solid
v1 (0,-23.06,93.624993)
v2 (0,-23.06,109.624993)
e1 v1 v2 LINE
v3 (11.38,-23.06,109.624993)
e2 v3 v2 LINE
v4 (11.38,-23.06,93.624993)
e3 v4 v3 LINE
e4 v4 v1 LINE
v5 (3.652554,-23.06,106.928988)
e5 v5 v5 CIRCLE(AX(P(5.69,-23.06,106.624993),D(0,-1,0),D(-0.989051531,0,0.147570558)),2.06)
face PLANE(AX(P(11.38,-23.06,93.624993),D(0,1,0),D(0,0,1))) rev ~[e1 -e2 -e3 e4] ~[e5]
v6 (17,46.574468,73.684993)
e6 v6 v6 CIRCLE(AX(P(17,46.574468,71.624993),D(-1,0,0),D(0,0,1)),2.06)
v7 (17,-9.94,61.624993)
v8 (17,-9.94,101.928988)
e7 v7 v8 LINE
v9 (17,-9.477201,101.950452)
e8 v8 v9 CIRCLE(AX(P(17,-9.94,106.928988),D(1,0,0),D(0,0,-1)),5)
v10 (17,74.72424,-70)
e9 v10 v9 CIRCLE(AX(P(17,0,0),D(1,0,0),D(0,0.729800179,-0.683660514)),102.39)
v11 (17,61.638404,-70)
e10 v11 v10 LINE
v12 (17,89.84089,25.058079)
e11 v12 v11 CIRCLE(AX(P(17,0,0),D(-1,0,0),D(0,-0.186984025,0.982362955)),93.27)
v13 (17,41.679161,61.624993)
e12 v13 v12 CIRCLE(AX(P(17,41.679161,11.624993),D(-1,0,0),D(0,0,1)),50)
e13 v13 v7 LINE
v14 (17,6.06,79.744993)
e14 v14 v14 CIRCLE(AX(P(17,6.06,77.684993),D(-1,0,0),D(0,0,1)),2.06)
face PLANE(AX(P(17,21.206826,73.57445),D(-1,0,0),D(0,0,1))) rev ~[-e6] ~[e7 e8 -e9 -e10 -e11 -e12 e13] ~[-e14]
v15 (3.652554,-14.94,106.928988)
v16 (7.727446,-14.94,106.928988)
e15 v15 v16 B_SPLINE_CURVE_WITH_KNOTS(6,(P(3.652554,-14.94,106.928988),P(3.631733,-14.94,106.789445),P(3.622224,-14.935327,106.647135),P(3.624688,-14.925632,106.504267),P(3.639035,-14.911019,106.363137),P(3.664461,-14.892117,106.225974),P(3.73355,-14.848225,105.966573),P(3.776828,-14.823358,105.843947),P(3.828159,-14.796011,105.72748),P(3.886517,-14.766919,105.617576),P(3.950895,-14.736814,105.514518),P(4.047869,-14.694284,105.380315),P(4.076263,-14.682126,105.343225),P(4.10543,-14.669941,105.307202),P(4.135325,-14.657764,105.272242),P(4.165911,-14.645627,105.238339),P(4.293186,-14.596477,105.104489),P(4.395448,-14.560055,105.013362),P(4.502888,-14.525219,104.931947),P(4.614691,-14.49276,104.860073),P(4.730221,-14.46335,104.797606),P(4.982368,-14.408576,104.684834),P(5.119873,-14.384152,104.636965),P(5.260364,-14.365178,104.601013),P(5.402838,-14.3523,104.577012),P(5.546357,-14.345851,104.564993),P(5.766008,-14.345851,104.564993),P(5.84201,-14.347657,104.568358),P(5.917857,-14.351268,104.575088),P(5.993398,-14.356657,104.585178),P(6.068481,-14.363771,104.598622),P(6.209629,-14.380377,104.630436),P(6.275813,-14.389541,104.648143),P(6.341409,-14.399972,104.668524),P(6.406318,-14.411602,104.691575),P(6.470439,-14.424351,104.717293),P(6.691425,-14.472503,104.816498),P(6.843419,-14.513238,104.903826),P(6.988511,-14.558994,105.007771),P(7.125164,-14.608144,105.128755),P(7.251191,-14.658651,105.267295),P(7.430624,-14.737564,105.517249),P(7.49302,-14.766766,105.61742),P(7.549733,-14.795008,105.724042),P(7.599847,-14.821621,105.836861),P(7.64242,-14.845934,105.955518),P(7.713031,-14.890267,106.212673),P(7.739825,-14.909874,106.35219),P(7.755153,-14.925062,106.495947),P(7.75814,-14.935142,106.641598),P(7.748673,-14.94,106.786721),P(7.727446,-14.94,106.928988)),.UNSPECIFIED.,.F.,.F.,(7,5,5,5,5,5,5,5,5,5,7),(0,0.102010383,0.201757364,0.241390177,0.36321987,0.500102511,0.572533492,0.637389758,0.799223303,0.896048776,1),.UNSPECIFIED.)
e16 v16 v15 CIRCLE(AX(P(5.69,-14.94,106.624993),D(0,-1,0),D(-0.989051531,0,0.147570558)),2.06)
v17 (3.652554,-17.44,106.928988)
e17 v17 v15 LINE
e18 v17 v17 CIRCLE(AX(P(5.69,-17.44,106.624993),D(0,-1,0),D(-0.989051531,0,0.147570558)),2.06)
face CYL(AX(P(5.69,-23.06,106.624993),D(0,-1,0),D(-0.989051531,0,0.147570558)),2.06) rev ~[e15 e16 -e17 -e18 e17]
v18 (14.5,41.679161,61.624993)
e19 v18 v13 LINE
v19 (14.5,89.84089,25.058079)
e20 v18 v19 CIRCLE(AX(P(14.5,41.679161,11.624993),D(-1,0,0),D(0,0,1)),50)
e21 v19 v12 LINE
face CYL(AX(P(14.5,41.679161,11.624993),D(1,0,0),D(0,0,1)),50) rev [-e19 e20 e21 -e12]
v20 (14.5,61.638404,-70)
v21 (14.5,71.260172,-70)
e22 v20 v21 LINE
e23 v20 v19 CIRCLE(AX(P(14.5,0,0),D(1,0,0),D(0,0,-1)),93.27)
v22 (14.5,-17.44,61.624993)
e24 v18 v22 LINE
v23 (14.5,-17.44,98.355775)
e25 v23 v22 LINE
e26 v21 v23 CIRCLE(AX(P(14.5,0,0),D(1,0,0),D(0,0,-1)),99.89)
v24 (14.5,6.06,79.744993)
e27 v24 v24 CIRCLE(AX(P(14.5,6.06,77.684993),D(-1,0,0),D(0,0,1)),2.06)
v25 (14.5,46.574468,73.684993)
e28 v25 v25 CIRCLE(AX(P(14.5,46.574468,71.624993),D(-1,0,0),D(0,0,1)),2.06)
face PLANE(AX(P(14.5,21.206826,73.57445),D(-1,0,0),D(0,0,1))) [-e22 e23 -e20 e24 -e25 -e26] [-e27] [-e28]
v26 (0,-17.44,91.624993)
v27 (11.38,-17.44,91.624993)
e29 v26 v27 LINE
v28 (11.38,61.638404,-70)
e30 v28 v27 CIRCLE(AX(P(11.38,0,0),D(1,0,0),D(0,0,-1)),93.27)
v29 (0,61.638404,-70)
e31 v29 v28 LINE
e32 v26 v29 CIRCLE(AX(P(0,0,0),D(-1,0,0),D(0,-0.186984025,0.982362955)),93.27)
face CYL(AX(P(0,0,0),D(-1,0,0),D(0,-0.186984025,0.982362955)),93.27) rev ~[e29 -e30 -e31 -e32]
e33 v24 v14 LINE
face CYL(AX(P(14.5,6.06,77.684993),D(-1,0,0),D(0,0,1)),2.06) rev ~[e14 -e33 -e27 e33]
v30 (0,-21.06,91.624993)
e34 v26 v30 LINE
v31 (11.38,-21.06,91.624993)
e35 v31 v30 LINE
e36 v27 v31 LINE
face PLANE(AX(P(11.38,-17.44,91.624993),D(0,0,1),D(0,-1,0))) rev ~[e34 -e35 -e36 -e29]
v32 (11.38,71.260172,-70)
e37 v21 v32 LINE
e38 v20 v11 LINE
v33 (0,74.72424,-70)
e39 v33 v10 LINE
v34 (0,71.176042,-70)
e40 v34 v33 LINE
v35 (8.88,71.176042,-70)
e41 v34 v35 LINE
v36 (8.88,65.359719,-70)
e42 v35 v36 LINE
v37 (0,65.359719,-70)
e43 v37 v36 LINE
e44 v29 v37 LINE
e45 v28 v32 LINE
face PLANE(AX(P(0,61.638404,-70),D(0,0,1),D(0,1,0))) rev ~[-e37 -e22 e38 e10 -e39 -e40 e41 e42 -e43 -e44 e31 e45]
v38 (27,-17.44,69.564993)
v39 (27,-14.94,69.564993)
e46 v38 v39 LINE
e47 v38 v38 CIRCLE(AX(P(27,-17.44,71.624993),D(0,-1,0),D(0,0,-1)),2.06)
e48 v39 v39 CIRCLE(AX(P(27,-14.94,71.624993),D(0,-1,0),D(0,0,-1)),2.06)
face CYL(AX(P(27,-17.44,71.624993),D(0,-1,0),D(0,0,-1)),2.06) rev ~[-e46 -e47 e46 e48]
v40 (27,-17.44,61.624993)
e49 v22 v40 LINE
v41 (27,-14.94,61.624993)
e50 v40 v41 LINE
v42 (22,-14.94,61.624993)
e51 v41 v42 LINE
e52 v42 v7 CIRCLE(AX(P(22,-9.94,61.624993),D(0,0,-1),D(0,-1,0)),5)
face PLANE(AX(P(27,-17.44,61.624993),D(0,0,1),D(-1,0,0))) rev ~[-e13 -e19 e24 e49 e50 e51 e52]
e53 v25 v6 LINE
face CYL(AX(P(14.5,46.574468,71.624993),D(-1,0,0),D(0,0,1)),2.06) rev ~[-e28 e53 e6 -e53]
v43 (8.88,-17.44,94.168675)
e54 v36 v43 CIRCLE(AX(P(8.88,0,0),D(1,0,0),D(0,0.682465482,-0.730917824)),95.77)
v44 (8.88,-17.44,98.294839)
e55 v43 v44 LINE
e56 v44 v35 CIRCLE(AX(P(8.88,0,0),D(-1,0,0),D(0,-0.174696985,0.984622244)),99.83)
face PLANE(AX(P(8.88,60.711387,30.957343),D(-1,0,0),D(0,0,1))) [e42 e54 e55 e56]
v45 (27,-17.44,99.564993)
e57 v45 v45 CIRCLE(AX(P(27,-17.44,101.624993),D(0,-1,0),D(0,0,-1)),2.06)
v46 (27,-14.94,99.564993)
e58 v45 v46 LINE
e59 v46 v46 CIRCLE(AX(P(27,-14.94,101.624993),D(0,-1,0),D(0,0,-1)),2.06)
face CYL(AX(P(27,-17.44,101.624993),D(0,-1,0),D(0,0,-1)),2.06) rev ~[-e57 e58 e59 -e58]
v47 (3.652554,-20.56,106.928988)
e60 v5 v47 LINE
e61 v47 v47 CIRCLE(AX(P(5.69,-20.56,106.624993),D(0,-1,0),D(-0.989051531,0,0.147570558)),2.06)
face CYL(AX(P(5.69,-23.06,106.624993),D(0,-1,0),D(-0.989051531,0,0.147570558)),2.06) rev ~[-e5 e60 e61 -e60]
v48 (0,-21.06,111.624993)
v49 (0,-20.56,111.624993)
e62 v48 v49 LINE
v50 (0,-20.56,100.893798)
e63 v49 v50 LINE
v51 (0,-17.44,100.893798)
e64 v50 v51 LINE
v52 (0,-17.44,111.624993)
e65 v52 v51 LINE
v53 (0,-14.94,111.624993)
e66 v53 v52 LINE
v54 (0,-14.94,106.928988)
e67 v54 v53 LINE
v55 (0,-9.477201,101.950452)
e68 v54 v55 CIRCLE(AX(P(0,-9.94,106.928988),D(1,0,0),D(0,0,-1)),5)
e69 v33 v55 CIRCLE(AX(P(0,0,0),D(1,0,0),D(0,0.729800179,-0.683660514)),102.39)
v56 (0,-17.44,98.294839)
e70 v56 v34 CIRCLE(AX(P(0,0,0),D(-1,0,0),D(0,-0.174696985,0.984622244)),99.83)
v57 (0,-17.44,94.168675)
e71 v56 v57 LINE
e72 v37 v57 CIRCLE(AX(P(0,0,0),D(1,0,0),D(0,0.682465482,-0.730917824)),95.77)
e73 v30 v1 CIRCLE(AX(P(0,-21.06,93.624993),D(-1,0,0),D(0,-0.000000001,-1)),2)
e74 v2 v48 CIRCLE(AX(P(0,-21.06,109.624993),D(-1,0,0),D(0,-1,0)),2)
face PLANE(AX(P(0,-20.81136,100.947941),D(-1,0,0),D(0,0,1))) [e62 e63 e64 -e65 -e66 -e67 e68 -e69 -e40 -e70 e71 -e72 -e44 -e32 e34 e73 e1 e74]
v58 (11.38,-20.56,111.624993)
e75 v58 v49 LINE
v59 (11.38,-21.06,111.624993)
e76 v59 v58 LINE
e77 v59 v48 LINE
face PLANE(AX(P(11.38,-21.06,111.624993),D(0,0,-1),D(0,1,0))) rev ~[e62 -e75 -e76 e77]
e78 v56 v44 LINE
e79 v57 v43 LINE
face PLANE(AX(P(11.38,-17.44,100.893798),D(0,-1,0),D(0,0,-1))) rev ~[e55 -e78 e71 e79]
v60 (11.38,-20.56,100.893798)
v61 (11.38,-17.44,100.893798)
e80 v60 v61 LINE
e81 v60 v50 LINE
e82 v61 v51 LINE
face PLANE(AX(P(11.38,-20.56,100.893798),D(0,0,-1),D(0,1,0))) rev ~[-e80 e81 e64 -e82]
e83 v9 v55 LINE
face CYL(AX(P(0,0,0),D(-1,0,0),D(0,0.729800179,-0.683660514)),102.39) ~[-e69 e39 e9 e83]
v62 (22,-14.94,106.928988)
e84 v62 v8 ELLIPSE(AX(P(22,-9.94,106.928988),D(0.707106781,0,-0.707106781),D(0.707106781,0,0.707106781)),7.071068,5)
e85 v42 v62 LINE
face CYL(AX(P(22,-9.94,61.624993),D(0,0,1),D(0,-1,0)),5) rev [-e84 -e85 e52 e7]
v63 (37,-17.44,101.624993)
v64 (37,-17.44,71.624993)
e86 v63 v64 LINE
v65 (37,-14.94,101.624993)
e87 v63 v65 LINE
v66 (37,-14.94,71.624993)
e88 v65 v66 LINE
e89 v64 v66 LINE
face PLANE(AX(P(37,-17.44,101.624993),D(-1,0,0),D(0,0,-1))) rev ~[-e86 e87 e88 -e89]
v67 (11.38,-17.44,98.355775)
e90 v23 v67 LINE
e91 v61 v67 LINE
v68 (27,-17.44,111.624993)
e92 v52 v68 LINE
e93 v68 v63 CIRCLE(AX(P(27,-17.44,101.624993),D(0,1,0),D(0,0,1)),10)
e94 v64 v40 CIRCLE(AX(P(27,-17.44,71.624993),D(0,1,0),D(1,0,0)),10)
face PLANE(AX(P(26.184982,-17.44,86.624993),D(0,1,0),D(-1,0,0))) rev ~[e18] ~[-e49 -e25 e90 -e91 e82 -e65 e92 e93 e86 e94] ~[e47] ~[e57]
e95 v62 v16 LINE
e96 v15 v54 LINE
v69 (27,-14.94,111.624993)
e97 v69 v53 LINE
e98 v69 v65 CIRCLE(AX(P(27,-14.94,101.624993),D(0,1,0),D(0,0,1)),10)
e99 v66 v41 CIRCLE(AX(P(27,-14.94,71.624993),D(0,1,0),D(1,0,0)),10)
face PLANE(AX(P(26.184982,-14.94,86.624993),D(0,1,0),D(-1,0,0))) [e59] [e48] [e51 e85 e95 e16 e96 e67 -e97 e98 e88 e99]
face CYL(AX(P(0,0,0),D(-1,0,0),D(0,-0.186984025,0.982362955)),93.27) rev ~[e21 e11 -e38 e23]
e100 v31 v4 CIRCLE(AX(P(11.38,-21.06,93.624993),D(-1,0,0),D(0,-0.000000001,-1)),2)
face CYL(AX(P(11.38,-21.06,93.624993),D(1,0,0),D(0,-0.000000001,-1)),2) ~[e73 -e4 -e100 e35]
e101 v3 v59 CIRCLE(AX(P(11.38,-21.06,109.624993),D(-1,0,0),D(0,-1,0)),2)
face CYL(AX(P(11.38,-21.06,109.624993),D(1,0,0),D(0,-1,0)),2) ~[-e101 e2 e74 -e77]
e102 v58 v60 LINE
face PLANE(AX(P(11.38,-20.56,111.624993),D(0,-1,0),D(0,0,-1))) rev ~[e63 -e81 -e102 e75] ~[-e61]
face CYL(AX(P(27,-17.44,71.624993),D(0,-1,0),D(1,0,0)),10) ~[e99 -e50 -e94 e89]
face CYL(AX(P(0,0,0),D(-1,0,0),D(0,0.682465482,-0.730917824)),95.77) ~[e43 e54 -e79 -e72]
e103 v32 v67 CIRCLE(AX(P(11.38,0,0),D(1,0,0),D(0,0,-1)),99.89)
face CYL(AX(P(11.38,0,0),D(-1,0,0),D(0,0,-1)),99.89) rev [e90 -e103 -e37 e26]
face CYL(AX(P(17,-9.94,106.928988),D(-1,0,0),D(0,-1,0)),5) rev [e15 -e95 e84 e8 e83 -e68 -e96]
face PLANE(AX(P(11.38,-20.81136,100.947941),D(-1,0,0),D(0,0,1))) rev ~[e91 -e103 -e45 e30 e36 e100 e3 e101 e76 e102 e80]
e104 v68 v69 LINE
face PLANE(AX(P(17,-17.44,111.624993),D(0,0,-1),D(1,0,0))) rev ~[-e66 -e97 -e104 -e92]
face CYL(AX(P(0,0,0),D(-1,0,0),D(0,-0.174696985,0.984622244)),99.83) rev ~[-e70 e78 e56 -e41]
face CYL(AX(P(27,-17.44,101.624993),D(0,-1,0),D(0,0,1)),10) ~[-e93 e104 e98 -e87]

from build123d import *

# Parameters (mm, degrees)
SALIENTE_EXTRUIR1_DEPTH = 17
CORTAR_EXTRUIR1_DEPTH   = 8.88
CORTAR_EXTRUIR2_START   = -5.62
CROQUIS6_R              = 99.89
CROQUIS6_R_2            = 93.27
CORTAR_EXTRUIR2_DEPTH   = 3.12
SALIENTE_EXTRUIR3_DEPTH = 17
SALIENTE_EXTRUIR4_START = -5.62
SALIENTE_EXTRUIR4_DEPTH = 11.38
SALIENTE_EXTRUIR5_START = -2.5
SALIENTE_EXTRUIR5_DEPTH = 2.5
REDONDEO1_R             = 50
CROQUIS7_R              = 2.06
SALIENTE_EXTRUIR6_DEPTH = 2.5
REDONDEO7_R             = 5
CROQUIS8_R              = 2.06
CORTAR_EXTRUIR3_DEPTH   = 172.950113436
CROQUIS9_R              = 2.06
CORTAR_EXTRUIR4_DEPTH   = 154.134258449


with BuildPart() as part:
    # Croquis1 → Saliente-Extruir1 (new body)
    with BuildSketch(Plane(origin=(0, 0, 0), x_dir=(0, 0, -1), z_dir=(1, 0, 0))):
        with BuildLine():
            ThreePointArc((70, 74.724240378), (-48.602144929, 90.119607235), (-100.893798125, -17.44))
            Line((-100.893798125, -17.44), (-91.624992769, -17.44))
            ThreePointArc((-91.624992769, -17.44), (-40.990957413, 83.779677192), (70, 61.638404425))
            Line((70, 61.638404425), (70, 74.724240378))
        make_face()
    extrude(amount=SALIENTE_EXTRUIR1_DEPTH)

    # Croquis5 → Cortar-Extruir1 (cut)
    with BuildSketch(Plane.ZY):
        with BuildLine():
            Line((-70, 71.176041615), (-70, 65.359719247))
            ThreePointArc((-70, 65.359719247), (43.12748064, 85.509726427), (94.168674728, -17.44))
            Line((94.168674728, -17.44), (98.294838623, -17.44))
            ThreePointArc((98.294838623, -17.44), (46.5118284, 88.332772621), (-70, 71.176041615))
        make_face()
    extrude(amount=-CORTAR_EXTRUIR1_DEPTH, mode=Mode.SUBTRACT)

    # Croquis6 → Cortar-Extruir2 (cut)
    with BuildSketch(Plane(origin=(17, 0, 0), x_dir=(0, 0, -1), z_dir=(1, 0, 0)).offset(CORTAR_EXTRUIR2_START)):
        Circle(CROQUIS6_R)
        Circle(CROQUIS6_R_2, mode=Mode.SUBTRACT)
    extrude(amount=CORTAR_EXTRUIR2_DEPTH, mode=Mode.SUBTRACT)

    # Croquis2 → Saliente-Extruir3 (add, through all)
    with BuildSketch(Plane(origin=(17, 0, 0), x_dir=(0, 0, -1), z_dir=(1, 0, 0))):
        with BuildLine():
            Line((-111.624992769, -14.94), (-111.624992769, -17.44))
            Line((-111.624992769, -17.44), (-100.893798125, -17.44))
            ThreePointArc((-100.893798125, -17.44), (-101.101710796, -16.19123757), (-101.294168144, -14.94))
            Line((-101.294168144, -14.94), (-111.624992769, -14.94))
        make_face()
    extrude(amount=-SALIENTE_EXTRUIR3_DEPTH)

    # Croquis3 → Saliente-Extruir4 (add)
    with BuildSketch(Plane(origin=(17, 0, 0), x_dir=(0, 0, -1), z_dir=(1, 0, 0)).offset(SALIENTE_EXTRUIR4_START)):
        with BuildLine():
            Line((-91.624992769, -17.44), (-91.624992769, -21.06))
            ThreePointArc((-91.624992769, -21.06), (-92.210779207, -22.474213562), (-93.624992769, -23.06))
            Line((-93.624992769, -23.06), (-109.624992769, -23.06))
            ThreePointArc((-109.624992769, -23.06), (-111.039206332, -22.474213562), (-111.624992769, -21.06))
            Line((-111.624992769, -21.06), (-111.624992769, -20.56))
            Line((-111.624992769, -20.56), (-100.893798125, -20.56))
            Line((-100.893798125, -20.56), (-100.893798125, -17.44))
            Line((-100.893798125, -17.44), (-91.624992769, -17.44))
        make_face()
    extrude(amount=-SALIENTE_EXTRUIR4_DEPTH)

    # Croquis4 → Saliente-Extruir5 (add)
    with BuildSketch(Plane(origin=(17, 0, 0), x_dir=(0, 0, -1), z_dir=(1, 0, 0)).offset(SALIENTE_EXTRUIR5_START)):
        with BuildLine():
            Line((-61.624992769, 70.011807334), (-61.624992769, -17.44))
            Line((-61.624992769, -17.44), (-91.624992769, -17.44))
            ThreePointArc((-91.624992769, -17.44), (-88.223263193, 30.264644911), (-61.624992769, 70.011807334))
        make_face()
    extrude(amount=SALIENTE_EXTRUIR5_DEPTH)

    # Redondeo1
    redondeo1_edges = [part.edges().sort_by_distance(p)[0] for p in [
        (15.75, 70.011807334, 61.624992769),
    ]]
    fillet(redondeo1_edges, radius=REDONDEO1_R)

    # Croquis7 → Saliente-Extruir6 (add)
    with BuildSketch(Plane.XZ.offset(17.44)):
        with BuildLine():
            Line((17, 111.624992769), (27, 111.624992769))
            ThreePointArc((27, 111.624992769), (34.071067812, 108.696060581), (37, 101.624992769))
            Line((37, 101.624992769), (37, 71.624992769))
            ThreePointArc((37, 71.624992769), (34.071067812, 64.553924958), (27, 61.624992769))
            Line((27, 61.624992769), (17, 61.624992769))
            Line((17, 61.624992769), (17, 111.624992769))
        make_face()
        with Locations(Location((27, 101.624992769, 0), (0, 0, 270))):
            Circle(CROQUIS7_R, mode=Mode.SUBTRACT)
        with Locations(Location((27, 71.624992769, 0), (0, 0, 270))):
            Circle(CROQUIS7_R, mode=Mode.SUBTRACT)
    extrude(amount=-SALIENTE_EXTRUIR6_DEPTH)

    # Redondeo7
    redondeo7_edges = [part.edges().sort_by_distance(p)[0] for p in [
        (17, -14.94, 81.459580457),
        (8.5, -14.94, 101.294168144),
    ]]
    fillet(redondeo7_edges, radius=REDONDEO7_R)

    # Croquis8 → Cortar-Extruir3 (cut, through all)
    with BuildSketch(Plane.XZ.offset(23.06)):
        with Locations(Location((5.69, 106.624992769, 0), (0, 0, 171.513837035))):
            Circle(CROQUIS8_R)
    extrude(amount=-CORTAR_EXTRUIR3_DEPTH, mode=Mode.SUBTRACT)

    # Croquis9 → Cortar-Extruir4 (cut, through all)
    with BuildSketch(Plane.ZY.offset(-14.5)):
        with Locations((77.684992769, 6.06)):
            Circle(CROQUIS9_R)
        with Locations((71.624992769, 46.574468299)):
            Circle(CROQUIS9_R)
    extrude(amount=-CORTAR_EXTRUIR4_DEPTH, mode=Mode.SUBTRACT)


solid = part.part
